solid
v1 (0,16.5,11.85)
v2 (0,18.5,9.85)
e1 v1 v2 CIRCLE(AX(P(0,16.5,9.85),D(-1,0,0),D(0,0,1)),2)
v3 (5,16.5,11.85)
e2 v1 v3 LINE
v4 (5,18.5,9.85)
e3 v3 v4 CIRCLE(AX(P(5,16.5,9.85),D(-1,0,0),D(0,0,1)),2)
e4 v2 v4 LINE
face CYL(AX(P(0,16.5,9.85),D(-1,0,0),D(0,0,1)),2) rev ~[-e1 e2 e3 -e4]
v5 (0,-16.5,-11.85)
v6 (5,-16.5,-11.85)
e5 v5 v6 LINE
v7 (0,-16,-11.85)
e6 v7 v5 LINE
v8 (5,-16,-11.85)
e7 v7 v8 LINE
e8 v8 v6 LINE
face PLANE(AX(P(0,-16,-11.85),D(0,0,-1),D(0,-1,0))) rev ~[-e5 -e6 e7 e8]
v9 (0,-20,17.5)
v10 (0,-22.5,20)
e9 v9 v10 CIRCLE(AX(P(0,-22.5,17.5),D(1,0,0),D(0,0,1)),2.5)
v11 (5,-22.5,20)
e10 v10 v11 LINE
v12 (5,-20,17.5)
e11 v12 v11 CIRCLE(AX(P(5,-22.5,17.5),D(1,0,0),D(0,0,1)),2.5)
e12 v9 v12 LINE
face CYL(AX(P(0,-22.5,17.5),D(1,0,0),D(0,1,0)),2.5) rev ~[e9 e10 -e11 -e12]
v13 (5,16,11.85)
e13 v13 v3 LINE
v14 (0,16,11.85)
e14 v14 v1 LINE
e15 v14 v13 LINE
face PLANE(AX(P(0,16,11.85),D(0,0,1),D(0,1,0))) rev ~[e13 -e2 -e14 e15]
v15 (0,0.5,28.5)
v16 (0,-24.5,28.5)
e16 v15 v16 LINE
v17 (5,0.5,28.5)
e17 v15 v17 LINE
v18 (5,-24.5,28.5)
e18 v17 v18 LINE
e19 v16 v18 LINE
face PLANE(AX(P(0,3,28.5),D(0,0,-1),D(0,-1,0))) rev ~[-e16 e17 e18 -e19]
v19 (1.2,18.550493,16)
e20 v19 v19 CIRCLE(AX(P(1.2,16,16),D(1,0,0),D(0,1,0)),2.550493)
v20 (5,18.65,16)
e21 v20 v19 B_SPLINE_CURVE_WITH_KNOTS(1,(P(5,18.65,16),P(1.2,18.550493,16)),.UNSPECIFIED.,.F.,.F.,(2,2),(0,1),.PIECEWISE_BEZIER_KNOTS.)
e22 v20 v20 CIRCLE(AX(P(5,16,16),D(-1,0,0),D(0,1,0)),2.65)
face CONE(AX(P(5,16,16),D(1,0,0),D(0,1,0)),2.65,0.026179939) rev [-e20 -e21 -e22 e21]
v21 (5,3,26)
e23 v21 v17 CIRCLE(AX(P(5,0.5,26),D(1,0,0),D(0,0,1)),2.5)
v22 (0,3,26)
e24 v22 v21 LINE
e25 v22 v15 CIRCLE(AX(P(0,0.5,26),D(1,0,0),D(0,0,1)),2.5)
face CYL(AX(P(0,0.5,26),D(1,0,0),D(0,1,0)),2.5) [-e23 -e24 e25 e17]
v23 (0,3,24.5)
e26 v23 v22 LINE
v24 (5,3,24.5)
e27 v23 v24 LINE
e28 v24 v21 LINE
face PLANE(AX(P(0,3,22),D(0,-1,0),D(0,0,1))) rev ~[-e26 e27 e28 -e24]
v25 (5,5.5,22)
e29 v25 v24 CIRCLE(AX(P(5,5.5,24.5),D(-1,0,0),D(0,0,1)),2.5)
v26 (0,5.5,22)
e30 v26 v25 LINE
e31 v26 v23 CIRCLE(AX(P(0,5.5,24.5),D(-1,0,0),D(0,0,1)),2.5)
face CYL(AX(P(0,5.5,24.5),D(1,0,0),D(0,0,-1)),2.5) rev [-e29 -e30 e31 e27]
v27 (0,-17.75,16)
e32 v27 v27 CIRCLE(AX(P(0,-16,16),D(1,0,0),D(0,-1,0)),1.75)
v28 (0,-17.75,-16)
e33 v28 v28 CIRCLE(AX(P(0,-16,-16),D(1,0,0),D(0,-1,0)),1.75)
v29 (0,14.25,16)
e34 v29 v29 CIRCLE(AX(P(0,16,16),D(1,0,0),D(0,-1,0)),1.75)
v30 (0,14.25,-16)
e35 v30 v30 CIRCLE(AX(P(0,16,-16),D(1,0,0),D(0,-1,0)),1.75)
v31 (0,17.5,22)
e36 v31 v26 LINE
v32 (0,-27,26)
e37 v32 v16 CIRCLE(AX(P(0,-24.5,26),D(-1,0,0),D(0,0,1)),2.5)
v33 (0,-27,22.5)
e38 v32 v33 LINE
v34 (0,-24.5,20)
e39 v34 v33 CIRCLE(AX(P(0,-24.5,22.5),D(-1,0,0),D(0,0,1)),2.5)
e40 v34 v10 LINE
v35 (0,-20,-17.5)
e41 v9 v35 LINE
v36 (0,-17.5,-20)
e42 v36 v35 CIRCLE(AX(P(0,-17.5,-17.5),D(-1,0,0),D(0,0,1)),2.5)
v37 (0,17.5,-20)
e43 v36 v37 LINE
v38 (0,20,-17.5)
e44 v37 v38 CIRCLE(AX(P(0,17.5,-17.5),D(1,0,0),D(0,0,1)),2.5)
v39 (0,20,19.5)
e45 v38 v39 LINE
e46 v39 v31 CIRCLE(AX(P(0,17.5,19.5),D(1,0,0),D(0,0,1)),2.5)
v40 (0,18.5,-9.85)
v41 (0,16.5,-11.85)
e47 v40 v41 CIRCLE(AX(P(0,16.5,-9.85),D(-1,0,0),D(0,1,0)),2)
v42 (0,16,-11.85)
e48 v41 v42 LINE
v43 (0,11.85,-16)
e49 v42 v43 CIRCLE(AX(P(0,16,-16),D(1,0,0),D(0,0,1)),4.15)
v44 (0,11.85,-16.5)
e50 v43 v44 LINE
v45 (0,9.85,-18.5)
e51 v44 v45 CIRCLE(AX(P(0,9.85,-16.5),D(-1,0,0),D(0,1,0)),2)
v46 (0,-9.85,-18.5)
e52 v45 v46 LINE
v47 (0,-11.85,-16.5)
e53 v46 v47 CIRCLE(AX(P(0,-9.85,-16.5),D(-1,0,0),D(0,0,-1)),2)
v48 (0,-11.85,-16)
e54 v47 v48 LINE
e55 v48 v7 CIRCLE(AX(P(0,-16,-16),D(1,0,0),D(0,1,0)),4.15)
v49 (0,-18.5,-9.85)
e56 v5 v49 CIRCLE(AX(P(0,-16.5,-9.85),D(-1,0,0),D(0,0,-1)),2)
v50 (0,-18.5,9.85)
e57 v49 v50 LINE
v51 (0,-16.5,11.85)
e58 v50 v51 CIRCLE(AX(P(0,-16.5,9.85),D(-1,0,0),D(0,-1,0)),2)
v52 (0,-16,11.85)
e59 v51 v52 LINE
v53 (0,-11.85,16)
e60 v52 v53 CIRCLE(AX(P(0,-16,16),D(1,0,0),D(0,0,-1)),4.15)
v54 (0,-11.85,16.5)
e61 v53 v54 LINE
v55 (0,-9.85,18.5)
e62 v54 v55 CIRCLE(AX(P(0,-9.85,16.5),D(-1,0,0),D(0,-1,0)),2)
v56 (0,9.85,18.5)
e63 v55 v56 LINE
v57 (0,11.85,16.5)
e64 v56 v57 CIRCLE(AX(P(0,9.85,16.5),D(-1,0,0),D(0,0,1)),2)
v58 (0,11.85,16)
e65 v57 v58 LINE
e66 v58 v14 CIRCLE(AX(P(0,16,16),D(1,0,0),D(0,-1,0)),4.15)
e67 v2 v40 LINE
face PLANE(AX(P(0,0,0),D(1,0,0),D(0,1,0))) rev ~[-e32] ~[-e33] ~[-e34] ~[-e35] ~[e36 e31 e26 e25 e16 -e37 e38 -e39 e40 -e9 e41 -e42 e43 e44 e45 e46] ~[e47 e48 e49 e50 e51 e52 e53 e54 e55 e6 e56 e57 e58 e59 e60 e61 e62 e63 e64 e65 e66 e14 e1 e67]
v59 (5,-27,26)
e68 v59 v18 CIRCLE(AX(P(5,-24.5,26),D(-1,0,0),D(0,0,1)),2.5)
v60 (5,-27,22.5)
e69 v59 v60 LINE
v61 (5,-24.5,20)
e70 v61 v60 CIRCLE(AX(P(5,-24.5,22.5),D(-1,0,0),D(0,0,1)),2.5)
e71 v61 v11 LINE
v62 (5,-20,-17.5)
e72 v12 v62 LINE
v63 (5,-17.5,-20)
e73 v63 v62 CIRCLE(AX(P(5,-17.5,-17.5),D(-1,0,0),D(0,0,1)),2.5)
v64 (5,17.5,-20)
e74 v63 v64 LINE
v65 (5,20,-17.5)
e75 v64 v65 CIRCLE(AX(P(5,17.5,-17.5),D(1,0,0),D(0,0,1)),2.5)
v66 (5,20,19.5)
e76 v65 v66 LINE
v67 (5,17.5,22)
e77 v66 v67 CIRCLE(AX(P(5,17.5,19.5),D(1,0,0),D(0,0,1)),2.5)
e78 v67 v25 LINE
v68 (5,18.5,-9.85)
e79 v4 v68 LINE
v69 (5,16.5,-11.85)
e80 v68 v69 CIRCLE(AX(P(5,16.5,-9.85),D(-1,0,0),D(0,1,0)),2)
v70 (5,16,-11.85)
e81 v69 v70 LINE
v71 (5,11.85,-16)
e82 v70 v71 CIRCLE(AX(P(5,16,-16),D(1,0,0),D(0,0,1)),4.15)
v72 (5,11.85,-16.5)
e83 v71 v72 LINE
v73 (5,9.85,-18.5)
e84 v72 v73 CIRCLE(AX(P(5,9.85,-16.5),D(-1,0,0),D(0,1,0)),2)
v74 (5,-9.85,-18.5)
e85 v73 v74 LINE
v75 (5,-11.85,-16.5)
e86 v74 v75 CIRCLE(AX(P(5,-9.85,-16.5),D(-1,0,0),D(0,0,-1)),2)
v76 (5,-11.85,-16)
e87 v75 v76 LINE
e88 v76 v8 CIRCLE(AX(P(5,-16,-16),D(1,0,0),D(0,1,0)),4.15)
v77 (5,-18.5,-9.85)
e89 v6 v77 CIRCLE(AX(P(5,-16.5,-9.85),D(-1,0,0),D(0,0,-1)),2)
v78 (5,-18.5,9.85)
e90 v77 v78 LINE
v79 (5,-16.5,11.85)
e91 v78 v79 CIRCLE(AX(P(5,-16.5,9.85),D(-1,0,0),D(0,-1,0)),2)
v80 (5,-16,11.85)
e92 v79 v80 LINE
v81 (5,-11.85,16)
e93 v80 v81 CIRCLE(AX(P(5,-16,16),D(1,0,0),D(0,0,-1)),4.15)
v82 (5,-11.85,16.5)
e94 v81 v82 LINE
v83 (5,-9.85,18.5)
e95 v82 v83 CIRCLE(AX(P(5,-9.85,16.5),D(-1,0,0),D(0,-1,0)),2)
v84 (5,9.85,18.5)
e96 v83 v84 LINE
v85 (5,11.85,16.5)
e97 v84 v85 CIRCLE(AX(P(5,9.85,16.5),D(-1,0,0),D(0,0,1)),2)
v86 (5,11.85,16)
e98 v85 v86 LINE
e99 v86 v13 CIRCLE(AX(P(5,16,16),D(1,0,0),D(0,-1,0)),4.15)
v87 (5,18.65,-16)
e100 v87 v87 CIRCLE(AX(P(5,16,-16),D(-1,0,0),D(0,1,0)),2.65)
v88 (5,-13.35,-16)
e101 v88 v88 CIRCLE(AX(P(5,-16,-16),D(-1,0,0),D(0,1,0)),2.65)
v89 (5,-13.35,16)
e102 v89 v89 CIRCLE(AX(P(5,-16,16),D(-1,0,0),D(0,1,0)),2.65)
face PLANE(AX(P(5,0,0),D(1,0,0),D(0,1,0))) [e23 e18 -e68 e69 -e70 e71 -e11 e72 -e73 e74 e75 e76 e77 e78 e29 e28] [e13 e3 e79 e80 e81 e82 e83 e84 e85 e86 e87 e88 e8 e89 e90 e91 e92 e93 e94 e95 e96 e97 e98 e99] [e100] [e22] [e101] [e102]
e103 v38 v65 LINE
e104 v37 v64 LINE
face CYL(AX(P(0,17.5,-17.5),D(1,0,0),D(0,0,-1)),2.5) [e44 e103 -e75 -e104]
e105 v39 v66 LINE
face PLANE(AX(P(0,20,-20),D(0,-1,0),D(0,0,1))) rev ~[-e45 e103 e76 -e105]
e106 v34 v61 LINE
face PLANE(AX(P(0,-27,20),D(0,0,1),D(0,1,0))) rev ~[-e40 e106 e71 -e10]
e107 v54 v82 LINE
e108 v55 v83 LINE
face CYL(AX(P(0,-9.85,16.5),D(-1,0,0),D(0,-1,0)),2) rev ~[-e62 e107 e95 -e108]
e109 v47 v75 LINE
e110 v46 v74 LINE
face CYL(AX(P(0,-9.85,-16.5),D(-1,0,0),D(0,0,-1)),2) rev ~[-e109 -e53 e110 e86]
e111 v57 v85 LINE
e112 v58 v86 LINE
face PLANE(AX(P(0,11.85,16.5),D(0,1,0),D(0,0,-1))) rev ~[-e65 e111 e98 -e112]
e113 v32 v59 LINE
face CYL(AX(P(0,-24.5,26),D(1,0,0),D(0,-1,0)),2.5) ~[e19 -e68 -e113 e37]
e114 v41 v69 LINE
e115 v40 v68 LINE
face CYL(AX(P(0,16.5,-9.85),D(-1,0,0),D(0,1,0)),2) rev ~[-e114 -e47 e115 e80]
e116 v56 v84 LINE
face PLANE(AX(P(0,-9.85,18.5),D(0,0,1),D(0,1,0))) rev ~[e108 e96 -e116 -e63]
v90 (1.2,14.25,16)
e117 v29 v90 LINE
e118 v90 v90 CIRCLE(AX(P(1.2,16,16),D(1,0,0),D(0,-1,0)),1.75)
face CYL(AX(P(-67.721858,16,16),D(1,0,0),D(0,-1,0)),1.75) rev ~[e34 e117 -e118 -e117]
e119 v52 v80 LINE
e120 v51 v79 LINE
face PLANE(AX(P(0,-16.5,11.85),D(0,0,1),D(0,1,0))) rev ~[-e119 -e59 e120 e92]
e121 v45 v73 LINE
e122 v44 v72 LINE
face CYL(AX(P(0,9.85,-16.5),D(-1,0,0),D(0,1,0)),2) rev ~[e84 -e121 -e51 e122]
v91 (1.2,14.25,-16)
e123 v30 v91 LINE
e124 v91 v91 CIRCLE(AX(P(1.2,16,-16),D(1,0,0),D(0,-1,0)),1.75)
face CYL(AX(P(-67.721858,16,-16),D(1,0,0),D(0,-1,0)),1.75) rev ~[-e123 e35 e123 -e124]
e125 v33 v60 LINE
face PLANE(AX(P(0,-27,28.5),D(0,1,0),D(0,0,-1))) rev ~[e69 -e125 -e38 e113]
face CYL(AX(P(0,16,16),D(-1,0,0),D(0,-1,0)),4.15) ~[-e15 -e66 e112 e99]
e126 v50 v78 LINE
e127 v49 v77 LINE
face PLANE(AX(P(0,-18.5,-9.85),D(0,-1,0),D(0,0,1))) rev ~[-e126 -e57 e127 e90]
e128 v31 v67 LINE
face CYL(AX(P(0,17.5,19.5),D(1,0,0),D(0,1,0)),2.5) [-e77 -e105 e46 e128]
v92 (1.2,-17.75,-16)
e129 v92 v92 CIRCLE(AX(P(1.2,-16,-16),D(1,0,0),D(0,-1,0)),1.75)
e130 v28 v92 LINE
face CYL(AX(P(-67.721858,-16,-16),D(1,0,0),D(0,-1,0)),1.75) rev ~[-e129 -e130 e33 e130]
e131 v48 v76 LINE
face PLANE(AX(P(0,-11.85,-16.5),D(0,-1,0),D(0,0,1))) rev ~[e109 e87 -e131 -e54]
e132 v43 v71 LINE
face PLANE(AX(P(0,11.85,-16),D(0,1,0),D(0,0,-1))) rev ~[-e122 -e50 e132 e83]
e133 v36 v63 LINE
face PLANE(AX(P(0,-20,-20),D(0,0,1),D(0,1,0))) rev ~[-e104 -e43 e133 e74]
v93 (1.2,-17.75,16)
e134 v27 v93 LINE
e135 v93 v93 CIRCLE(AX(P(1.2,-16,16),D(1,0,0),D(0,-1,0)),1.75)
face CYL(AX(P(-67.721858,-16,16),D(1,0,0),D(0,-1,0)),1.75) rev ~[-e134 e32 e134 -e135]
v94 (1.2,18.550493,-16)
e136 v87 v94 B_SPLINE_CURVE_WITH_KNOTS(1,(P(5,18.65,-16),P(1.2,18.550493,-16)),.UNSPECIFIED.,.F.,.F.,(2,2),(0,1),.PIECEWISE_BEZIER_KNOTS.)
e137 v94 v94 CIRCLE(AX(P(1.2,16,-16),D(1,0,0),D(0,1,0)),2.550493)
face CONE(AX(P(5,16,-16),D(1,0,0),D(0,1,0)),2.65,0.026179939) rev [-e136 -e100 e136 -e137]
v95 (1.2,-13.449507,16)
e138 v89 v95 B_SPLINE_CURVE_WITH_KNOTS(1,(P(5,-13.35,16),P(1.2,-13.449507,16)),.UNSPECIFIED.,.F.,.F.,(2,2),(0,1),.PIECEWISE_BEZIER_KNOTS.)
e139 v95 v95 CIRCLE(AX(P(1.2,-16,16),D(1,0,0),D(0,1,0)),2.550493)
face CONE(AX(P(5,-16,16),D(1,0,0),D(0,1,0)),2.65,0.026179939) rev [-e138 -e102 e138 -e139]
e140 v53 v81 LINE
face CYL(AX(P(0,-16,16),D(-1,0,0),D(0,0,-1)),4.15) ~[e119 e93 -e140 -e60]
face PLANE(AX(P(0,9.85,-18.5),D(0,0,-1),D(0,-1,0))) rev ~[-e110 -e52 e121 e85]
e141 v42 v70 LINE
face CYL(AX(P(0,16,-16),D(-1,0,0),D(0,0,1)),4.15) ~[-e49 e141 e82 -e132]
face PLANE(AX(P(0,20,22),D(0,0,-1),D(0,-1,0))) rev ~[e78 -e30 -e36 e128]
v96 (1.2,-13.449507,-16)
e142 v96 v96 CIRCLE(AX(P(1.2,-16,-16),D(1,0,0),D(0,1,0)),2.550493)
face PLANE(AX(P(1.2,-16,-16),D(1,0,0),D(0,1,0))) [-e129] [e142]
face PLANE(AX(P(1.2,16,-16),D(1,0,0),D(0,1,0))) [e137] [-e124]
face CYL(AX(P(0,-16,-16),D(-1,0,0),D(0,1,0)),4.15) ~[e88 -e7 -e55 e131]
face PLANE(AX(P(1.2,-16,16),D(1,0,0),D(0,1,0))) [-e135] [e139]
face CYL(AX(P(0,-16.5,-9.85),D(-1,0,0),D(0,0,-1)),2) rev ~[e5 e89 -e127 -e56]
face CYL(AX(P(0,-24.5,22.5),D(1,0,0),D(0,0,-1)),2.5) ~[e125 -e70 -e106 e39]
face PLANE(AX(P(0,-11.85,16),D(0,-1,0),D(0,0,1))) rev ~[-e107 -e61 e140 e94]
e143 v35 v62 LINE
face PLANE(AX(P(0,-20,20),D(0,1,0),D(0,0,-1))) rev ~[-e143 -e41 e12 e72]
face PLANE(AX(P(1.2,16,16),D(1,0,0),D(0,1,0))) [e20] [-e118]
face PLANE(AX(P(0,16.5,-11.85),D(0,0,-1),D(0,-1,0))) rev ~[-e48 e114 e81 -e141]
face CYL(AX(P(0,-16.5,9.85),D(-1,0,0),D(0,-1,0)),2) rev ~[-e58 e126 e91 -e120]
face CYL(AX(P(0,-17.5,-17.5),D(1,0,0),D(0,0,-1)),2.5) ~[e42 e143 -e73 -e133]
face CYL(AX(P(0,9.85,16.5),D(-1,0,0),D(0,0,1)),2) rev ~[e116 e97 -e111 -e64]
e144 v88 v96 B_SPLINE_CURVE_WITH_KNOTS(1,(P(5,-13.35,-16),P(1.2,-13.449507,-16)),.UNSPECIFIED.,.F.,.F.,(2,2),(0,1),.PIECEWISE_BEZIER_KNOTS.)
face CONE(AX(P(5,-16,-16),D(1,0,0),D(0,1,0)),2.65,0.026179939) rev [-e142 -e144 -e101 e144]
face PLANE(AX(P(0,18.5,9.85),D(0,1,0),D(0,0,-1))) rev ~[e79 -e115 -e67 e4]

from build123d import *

# Parameters (mm, degrees)
F0_R     = 2.15
F0_W     = 17
F0_H     = 2
F0_W_2   = 23
F1_DEPTH = 5
F2_R     = 2.65
F3_DEPTH = 3.8
F3_TAPER = 1.5
F4_D     = 3.5
F5_R     = 2.5


with BuildPart() as f1:
    # F0 (on Right) → F1 (new body)
    with BuildSketch(Plane.YZ):
        Polygon((-20, -20), (20, -20), (20, 20), (3, 20), (-20, 20), align=None)
        with Locations((-16, -16)):
            Circle(F0_R, mode=Mode.SUBTRACT)
        with Locations((16, -16)):
            Circle(F0_R, mode=Mode.SUBTRACT)
        with BuildLine():
            Line((11.85, 16.5), (11.85, 16))
            ThreePointArc((11.85, 16), (13.0655068581, 13.0655068581), (16, 11.85))
            Line((16, 11.85), (16.5, 11.85))
            ThreePointArc((16.5, 11.85), (17.9142135624, 11.2642135624), (18.5, 9.85))
            Line((18.5, 9.85), (18.5, -9.85))
            ThreePointArc((18.5, -9.85), (17.9142135624, -11.2642135624), (16.5, -11.85))
            Line((16.5, -11.85), (16, -11.85))
            ThreePointArc((16, -11.85), (13.0655068581, -13.0655068581), (11.85, -16))
            Line((11.85, -16), (11.85, -16.5))
            ThreePointArc((11.85, -16.5), (11.2642135624, -17.9142135624), (9.85, -18.5))
            Line((9.85, -18.5), (-9.85, -18.5))
            ThreePointArc((-9.85, -18.5), (-11.2642135624, -17.9142135624), (-11.85, -16.5))
            Line((-11.85, -16.5), (-11.85, -16))
            ThreePointArc((-11.85, -16), (-13.0655068581, -13.0655068581), (-16, -11.85))
            Line((-16, -11.85), (-16.5, -11.85))
            ThreePointArc((-16.5, -11.85), (-17.9142135624, -11.2642135624), (-18.5, -9.85))
            Line((-18.5, -9.85), (-18.5, 9.85))
            ThreePointArc((-18.5, 9.85), (-17.9142135624, 11.2642135624), (-16.5, 11.85))
            Line((-16.5, 11.85), (-16, 11.85))
            ThreePointArc((-16, 11.85), (-13.0655068581, 13.0655068581), (-11.85, 16))
            Line((-11.85, 16), (-11.85, 16.5))
            ThreePointArc((-11.85, 16.5), (-11.2642135624, 17.9142135624), (-9.85, 18.5))
            Line((-9.85, 18.5), (9.85, 18.5))
            ThreePointArc((9.85, 18.5), (11.2642135624, 17.9142135624), (11.85, 16.5))
        make_face(mode=Mode.SUBTRACT)
        with Locations((-16, 16)):
            Circle(F0_R, mode=Mode.SUBTRACT)
        with Locations((16, 16)):
            Circle(F0_R, mode=Mode.SUBTRACT)
        with Locations((11.5, 21)):
            Rectangle(F0_W, F0_H)
        with Locations((-8.5, 21)):
            Rectangle(F0_W_2, F0_H)
        Polygon((-27, 20), (-20, 20), (-20, 22), (3, 22), (3, 28.5), (-27, 28.5), align=None)
        with Locations((-16, 16)):
            Circle(F0_R)
        with Locations((16, 16)):
            Circle(F0_R)
        with Locations((-16, -16)):
            Circle(F0_R)
        with Locations((16, -16)):
            Circle(F0_R)
    extrude(amount=F1_DEPTH)

    # F2 (on face) → F3 (cut)
    with BuildSketch(Plane.YZ.offset(5)):
        with Locations((-16, 16)):
            Circle(F2_R)
        with Locations((16, 16)):
            Circle(F2_R)
        with Locations((16, -16)):
            Circle(F2_R)
        with Locations((-16, -16)):
            Circle(F2_R)
    extrude(amount=-F3_DEPTH, taper=F3_TAPER, mode=Mode.SUBTRACT)

    # F4 (through all)
    with Locations(Plane(origin=(0, 0, 0), x_dir=(0, 1, 0), z_dir=(-1, 0, 0))):
        with Locations((-16, -16), (16, -16), (16, 16), (-16, 16)):
            Hole(F4_D / 2)

    # F5
    f5_edges = [f1.edges().sort_by_distance(p)[0] for p in [
        (2.5, 3, 22),
        (2.5, 3, 28.5),
        (2.5, 20, 22),
        (2.5, 20, -20),
        (2.5, -20, -20),
        (2.5, -20, 20),
        (2.5, -27, 20),
        (2.5, -27, 28.5),
    ]]
    fillet(f5_edges, radius=F5_R)


solid = f1.part
